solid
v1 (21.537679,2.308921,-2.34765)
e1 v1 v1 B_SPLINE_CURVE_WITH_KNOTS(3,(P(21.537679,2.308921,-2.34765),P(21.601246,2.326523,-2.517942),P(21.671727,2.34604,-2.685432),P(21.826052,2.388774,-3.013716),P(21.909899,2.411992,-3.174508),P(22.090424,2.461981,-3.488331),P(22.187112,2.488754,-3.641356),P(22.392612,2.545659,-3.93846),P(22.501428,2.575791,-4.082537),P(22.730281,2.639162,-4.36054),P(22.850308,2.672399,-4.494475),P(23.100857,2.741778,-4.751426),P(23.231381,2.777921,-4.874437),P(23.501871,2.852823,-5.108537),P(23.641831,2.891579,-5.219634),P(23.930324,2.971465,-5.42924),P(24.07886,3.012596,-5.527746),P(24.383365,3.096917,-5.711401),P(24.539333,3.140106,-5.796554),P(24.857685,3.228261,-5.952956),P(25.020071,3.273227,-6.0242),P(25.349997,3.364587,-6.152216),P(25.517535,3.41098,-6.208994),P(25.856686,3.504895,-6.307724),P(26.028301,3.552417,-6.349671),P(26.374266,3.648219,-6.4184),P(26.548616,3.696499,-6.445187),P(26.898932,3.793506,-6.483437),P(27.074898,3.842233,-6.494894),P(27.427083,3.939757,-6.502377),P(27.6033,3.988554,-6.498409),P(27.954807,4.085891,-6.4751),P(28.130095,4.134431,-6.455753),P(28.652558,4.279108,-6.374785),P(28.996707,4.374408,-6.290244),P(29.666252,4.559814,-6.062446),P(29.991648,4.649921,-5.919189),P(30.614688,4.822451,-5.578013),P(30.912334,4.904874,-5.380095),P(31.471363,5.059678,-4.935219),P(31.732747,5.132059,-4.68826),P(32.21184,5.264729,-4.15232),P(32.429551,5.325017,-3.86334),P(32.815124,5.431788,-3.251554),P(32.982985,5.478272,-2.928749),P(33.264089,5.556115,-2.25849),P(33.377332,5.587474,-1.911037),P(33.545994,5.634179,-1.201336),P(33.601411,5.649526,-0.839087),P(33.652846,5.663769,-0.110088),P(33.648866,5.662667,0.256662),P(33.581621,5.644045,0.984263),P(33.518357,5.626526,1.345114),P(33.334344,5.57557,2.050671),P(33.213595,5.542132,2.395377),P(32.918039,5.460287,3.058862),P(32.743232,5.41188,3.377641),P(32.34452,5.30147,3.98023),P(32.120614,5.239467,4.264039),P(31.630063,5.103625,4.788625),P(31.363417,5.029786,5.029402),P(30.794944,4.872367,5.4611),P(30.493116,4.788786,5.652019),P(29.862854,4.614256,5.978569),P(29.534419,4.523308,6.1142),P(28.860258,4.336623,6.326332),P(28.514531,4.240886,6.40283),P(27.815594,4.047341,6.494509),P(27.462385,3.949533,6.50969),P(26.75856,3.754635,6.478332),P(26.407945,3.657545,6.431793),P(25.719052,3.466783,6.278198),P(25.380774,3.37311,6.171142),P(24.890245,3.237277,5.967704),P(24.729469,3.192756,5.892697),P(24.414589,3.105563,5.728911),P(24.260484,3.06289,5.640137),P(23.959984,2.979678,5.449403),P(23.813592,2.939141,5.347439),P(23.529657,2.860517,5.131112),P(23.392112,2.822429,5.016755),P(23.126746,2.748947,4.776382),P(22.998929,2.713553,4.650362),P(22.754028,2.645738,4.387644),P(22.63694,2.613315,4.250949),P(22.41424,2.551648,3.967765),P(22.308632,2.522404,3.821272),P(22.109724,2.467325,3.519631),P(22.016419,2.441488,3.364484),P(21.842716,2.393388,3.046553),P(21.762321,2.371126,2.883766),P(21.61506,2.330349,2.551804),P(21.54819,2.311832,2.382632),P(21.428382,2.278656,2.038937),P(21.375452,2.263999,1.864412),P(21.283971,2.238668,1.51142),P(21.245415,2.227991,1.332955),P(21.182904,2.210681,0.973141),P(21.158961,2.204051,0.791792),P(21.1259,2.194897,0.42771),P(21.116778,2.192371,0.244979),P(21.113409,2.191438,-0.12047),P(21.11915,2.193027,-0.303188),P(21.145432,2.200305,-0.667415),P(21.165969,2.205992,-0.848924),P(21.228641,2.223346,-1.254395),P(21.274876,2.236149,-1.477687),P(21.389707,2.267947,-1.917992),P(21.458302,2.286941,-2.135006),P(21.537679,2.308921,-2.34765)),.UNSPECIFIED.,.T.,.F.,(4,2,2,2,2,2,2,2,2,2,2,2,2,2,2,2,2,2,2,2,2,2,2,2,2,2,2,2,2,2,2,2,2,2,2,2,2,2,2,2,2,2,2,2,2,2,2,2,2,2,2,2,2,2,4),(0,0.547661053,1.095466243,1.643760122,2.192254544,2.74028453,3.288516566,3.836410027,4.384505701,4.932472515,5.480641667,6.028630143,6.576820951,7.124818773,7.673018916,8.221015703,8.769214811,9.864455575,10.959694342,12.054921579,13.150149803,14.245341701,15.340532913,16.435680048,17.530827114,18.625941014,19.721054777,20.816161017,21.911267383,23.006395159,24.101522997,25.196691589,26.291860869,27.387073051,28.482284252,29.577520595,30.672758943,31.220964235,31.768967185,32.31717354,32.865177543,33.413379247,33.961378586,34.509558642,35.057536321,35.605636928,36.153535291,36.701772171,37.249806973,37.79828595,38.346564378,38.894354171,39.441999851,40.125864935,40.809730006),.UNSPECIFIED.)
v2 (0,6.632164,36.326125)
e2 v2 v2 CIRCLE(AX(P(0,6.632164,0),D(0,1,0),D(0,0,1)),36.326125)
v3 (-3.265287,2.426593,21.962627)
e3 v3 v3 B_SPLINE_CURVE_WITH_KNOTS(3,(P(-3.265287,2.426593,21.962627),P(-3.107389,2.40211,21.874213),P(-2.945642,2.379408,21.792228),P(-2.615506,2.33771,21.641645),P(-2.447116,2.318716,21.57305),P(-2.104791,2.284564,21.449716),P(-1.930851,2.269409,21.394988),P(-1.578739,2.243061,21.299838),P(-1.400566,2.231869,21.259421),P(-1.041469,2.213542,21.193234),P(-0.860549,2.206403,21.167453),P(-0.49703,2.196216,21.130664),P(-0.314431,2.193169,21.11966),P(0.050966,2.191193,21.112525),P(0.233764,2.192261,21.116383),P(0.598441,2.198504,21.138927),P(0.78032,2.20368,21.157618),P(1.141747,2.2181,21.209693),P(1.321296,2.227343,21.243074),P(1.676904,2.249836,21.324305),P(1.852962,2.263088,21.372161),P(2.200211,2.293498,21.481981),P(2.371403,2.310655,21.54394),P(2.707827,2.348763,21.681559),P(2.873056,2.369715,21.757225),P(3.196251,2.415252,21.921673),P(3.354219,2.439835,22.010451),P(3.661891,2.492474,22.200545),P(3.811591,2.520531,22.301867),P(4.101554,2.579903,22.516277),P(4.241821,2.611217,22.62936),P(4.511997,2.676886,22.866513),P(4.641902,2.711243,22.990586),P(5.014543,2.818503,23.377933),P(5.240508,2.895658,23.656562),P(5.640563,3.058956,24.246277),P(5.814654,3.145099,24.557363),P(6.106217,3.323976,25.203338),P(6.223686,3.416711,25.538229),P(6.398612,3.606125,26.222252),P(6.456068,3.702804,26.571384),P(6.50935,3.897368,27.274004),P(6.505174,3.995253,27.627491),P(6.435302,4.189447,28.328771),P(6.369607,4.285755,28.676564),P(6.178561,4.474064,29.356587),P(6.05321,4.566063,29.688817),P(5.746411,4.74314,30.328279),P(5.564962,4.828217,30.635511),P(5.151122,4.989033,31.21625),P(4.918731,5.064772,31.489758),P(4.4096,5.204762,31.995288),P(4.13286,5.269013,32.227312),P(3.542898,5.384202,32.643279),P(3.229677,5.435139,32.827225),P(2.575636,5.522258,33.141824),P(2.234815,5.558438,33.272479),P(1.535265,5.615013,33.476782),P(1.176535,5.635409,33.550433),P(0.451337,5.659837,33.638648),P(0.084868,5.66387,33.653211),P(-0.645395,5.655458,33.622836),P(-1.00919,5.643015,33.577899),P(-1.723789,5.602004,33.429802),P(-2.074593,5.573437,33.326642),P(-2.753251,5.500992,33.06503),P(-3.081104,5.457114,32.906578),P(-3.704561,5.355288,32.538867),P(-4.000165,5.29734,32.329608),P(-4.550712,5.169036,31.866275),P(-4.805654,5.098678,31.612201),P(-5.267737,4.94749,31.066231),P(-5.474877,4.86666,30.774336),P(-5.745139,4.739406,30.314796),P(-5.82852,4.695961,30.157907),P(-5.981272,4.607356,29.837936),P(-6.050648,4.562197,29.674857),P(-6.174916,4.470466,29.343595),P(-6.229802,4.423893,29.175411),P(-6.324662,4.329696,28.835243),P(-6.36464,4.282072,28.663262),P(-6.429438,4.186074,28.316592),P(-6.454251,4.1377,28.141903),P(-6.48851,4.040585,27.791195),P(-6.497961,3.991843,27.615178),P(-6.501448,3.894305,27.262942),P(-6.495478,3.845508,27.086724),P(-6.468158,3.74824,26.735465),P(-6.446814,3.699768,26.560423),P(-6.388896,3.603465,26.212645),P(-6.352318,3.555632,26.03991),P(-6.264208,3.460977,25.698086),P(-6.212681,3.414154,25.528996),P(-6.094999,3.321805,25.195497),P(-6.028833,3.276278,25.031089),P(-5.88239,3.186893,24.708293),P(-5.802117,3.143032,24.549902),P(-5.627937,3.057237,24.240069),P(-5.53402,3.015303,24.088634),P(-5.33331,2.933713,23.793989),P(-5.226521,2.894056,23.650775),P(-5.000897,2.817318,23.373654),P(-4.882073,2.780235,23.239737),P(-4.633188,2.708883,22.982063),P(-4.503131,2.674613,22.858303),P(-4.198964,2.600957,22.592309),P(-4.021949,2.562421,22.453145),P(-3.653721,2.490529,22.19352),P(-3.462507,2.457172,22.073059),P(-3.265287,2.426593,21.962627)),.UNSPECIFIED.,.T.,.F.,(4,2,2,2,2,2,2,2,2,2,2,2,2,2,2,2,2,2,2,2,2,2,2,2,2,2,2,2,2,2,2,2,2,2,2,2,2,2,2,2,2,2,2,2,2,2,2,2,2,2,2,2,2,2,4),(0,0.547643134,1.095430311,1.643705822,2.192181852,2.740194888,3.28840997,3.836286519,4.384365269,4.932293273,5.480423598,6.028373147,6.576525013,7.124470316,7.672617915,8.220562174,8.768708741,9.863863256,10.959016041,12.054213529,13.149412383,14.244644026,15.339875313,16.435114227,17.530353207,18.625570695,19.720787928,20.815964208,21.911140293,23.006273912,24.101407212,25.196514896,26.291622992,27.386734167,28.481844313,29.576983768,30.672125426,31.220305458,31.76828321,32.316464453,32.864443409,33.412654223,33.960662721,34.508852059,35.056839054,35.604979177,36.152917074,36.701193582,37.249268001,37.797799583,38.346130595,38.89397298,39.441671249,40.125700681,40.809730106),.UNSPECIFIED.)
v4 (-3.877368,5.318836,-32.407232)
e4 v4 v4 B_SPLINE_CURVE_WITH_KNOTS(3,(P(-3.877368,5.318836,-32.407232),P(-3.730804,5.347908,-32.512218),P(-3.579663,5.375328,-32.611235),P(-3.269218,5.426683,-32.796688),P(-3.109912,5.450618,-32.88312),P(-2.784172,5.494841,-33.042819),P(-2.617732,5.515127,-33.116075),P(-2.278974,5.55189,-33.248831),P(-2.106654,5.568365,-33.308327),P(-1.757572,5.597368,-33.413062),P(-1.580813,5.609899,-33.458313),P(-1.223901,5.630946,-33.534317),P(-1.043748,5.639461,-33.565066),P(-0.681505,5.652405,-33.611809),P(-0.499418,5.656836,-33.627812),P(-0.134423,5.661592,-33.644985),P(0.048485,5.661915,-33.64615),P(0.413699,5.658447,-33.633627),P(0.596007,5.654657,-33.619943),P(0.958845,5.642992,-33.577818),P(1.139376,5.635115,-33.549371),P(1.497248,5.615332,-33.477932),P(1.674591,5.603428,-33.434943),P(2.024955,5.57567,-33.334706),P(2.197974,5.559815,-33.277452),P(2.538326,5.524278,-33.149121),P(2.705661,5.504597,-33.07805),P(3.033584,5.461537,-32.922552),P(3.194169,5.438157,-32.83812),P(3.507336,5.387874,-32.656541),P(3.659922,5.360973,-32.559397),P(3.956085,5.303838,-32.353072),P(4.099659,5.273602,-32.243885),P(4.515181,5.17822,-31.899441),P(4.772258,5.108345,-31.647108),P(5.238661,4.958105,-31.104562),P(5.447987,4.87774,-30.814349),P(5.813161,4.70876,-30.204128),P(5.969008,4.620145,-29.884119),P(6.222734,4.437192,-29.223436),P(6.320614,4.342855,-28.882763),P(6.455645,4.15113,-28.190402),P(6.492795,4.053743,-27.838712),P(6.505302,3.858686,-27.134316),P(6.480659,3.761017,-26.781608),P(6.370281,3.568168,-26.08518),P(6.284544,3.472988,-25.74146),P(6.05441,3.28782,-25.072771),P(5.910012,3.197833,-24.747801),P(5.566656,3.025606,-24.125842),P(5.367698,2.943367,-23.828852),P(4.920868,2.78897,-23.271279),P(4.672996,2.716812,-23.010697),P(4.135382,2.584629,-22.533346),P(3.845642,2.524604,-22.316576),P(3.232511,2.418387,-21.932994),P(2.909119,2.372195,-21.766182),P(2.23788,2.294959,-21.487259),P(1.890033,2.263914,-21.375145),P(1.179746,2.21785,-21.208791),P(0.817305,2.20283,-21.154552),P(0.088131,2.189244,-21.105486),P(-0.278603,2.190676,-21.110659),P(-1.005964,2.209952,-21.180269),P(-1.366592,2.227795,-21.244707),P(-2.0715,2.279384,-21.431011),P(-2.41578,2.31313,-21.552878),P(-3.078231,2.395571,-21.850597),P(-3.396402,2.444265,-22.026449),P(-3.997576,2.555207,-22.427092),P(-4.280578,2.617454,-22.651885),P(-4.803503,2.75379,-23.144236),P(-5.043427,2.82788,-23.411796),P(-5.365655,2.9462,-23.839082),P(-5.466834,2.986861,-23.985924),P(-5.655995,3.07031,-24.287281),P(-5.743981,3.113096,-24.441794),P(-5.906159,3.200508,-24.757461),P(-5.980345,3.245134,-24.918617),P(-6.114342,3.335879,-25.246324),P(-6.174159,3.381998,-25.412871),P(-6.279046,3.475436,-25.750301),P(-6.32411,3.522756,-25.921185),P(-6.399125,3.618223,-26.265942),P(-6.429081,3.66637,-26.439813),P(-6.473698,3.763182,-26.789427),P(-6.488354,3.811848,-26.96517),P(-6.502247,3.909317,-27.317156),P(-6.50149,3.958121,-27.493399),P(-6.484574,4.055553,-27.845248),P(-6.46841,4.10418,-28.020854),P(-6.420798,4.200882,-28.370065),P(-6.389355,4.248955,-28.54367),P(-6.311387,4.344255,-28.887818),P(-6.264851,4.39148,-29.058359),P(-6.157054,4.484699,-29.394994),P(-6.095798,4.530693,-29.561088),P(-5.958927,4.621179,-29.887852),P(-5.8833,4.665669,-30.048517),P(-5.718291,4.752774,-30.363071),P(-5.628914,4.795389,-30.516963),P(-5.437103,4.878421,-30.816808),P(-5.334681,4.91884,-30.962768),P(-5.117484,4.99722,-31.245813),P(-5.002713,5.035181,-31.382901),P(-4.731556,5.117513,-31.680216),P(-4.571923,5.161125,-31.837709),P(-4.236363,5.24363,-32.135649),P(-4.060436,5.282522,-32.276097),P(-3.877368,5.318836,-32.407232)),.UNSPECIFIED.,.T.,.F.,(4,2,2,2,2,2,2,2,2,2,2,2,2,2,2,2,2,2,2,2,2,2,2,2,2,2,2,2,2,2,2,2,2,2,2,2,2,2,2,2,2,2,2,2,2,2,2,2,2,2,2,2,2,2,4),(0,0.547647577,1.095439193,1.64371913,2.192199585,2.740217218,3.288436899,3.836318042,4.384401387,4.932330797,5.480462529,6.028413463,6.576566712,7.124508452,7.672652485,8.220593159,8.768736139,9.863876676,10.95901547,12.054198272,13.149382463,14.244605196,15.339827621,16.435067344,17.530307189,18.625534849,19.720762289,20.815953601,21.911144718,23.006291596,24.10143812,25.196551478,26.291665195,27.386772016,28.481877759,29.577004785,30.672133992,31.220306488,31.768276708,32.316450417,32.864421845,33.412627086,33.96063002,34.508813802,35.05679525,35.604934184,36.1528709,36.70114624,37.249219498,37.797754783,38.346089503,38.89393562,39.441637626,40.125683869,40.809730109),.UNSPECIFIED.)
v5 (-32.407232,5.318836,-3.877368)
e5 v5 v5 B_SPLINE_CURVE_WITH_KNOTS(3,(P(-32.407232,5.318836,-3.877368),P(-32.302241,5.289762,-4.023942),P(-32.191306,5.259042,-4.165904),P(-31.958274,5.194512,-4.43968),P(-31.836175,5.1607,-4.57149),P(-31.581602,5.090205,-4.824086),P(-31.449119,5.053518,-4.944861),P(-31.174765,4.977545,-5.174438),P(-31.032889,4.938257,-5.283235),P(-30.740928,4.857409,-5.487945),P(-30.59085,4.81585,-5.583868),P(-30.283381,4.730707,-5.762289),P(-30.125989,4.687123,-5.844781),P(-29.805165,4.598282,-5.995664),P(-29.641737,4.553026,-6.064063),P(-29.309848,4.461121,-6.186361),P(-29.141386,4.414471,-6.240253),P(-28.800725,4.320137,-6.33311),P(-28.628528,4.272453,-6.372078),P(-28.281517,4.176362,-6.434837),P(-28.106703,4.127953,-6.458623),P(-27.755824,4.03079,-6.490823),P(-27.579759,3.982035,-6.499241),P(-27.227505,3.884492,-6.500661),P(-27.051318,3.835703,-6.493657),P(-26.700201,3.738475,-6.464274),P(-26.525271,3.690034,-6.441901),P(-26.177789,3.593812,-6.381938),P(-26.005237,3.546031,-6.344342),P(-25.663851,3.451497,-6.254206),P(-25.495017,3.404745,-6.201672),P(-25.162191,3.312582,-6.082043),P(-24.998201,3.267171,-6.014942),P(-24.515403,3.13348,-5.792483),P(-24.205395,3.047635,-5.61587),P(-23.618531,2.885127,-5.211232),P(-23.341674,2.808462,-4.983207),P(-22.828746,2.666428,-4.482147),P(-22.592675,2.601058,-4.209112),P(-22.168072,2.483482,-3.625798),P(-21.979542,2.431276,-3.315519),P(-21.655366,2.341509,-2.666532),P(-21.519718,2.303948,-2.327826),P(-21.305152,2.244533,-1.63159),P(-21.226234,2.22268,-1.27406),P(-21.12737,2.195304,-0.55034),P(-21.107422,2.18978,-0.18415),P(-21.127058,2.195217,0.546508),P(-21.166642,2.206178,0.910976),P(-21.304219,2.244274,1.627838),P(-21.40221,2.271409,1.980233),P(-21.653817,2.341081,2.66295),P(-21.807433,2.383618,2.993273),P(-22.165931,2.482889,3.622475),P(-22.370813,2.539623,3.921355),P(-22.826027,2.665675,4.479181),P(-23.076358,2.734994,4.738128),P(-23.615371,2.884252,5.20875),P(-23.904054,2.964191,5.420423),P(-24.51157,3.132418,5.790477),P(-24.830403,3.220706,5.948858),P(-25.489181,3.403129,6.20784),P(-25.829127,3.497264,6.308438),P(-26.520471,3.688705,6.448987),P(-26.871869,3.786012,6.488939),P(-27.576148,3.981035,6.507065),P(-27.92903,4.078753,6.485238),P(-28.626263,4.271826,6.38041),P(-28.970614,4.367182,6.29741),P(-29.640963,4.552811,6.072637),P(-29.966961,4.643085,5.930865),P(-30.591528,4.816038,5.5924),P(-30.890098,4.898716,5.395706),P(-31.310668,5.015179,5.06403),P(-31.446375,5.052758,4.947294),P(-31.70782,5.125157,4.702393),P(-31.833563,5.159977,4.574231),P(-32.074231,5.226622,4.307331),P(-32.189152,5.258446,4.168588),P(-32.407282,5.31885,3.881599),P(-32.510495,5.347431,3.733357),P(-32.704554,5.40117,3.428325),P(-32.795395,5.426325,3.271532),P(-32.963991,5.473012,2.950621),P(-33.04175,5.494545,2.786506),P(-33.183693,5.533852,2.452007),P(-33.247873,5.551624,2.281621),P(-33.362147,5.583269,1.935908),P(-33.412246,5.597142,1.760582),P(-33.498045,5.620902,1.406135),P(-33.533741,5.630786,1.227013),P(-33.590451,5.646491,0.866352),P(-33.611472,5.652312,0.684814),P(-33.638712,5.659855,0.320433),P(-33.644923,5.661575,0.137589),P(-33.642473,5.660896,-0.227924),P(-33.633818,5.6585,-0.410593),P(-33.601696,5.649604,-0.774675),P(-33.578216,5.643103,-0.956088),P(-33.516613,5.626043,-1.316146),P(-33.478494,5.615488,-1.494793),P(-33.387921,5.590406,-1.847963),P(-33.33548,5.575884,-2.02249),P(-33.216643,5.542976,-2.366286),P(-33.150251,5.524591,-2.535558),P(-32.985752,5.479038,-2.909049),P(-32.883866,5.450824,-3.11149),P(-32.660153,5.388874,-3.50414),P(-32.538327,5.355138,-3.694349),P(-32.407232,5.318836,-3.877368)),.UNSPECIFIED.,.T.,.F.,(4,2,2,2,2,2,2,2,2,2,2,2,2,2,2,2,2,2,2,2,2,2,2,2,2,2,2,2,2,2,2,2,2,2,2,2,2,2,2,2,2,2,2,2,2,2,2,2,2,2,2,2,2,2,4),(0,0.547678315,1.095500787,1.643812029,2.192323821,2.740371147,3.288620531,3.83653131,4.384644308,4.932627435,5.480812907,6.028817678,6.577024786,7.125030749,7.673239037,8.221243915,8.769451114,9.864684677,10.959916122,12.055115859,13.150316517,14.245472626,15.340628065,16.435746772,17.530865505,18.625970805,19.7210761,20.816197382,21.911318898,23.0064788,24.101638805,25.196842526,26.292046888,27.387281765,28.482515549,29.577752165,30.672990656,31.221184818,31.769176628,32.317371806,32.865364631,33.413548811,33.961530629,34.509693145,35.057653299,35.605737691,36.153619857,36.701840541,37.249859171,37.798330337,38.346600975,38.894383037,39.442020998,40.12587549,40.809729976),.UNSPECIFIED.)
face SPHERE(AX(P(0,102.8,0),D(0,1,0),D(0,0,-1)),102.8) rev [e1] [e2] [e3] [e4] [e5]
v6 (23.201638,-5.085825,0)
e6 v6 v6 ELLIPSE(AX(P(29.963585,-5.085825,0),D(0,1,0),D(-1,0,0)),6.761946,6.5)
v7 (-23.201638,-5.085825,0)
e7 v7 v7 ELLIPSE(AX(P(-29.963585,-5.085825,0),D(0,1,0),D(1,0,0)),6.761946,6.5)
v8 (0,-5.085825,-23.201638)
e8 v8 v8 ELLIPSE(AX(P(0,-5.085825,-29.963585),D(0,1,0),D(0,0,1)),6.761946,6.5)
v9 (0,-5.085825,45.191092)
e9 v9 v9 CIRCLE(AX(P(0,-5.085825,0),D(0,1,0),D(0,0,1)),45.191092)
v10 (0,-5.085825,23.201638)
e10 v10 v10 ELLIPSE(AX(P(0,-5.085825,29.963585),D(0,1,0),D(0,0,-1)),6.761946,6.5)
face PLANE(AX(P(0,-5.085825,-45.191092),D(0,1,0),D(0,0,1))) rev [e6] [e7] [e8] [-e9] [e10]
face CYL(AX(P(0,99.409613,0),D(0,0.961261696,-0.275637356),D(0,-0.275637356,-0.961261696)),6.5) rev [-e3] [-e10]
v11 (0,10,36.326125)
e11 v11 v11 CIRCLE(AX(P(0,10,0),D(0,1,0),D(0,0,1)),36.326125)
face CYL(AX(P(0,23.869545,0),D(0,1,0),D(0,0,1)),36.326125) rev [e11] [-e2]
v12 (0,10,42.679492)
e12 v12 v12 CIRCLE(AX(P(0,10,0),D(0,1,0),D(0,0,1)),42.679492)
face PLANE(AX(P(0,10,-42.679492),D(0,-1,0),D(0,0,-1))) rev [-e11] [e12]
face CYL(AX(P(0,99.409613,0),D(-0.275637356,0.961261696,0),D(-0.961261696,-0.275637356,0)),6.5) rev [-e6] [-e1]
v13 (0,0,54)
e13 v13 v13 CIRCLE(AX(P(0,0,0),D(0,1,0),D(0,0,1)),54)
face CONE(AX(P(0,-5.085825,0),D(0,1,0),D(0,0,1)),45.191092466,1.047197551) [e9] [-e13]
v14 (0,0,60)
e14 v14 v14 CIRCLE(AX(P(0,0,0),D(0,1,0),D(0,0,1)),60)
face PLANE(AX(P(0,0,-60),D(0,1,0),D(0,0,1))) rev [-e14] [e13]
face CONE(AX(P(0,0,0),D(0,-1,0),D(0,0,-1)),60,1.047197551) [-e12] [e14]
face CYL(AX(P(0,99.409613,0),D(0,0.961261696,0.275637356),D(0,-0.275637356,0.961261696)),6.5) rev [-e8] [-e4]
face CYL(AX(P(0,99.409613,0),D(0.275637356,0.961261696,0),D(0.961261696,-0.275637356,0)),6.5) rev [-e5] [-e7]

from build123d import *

# Parameters (mm, degrees)
PATTERN_CIRCULAR_1_COUNT = 4


with BuildPart() as part:
    # 草图1 → 旋转1 (revolve)
    with BuildSketch(Plane(origin=(0, 0, 0), x_dir=(0, 0, -1), z_dir=(1, 0, 0)), mode=Mode.PRIVATE) as revolve_1_sk:
        with BuildLine():
            Line((60, 0), (42.679491924, 10))
            Line((42.679491924, 10), (36.32612495, 10))
            Line((36.32612495, 10), (36.32612495, 6.632164181))
            ThreePointArc((36.32612495, 6.632164181), (18.463294368, 1.671632263), (0, 0))
            Line((0, 0), (0, -5.085825136))
            Line((0, -5.085825136), (45.191092466, -5.085825136))
            Line((45.191092466, -5.085825136), (54, 0))
            Line((54, 0), (60, 0))
        make_face()
    revolve(revolve_1_sk.sketch.rotate(Axis((0, 23.869545483, 0), (0, -1, 0)), 180), axis=Axis((0, 23.869545483, 0), (0, -1, 0)))

    # 草图2 → 切除-旋转1 (revolve, cut)
    with BuildSketch(Plane.XY, mode=Mode.PRIVATE) as cut_revolve_1_sk:
        Polygon((23.11658969, 18.792484499), (29.364790714, 20.584127312), (39.564082896, -14.98503156), (33.315881872, -16.776674373), align=None)
    cut_revolve_1 = revolve(cut_revolve_1_sk.sketch.rotate(Axis((0, 99.409613277, 0), (0.2756373558169999, -0.9612616959383187, 0)), 180), axis=Axis((0, 99.409613277, 0), (0.2756373558169999, -0.9612616959383187, 0)), mode=Mode.SUBTRACT)

    # 阵列(圆周)1: 切除-旋转1 ×4 about axis
    pattern_circular_1_axis = Axis((0, 6.632164181, 0), (0, 1, 0))
    for i in range(1, PATTERN_CIRCULAR_1_COUNT):
        add(cut_revolve_1.rotate(pattern_circular_1_axis, i * 360 / PATTERN_CIRCULAR_1_COUNT), mode=Mode.SUBTRACT)


solid = part.part
